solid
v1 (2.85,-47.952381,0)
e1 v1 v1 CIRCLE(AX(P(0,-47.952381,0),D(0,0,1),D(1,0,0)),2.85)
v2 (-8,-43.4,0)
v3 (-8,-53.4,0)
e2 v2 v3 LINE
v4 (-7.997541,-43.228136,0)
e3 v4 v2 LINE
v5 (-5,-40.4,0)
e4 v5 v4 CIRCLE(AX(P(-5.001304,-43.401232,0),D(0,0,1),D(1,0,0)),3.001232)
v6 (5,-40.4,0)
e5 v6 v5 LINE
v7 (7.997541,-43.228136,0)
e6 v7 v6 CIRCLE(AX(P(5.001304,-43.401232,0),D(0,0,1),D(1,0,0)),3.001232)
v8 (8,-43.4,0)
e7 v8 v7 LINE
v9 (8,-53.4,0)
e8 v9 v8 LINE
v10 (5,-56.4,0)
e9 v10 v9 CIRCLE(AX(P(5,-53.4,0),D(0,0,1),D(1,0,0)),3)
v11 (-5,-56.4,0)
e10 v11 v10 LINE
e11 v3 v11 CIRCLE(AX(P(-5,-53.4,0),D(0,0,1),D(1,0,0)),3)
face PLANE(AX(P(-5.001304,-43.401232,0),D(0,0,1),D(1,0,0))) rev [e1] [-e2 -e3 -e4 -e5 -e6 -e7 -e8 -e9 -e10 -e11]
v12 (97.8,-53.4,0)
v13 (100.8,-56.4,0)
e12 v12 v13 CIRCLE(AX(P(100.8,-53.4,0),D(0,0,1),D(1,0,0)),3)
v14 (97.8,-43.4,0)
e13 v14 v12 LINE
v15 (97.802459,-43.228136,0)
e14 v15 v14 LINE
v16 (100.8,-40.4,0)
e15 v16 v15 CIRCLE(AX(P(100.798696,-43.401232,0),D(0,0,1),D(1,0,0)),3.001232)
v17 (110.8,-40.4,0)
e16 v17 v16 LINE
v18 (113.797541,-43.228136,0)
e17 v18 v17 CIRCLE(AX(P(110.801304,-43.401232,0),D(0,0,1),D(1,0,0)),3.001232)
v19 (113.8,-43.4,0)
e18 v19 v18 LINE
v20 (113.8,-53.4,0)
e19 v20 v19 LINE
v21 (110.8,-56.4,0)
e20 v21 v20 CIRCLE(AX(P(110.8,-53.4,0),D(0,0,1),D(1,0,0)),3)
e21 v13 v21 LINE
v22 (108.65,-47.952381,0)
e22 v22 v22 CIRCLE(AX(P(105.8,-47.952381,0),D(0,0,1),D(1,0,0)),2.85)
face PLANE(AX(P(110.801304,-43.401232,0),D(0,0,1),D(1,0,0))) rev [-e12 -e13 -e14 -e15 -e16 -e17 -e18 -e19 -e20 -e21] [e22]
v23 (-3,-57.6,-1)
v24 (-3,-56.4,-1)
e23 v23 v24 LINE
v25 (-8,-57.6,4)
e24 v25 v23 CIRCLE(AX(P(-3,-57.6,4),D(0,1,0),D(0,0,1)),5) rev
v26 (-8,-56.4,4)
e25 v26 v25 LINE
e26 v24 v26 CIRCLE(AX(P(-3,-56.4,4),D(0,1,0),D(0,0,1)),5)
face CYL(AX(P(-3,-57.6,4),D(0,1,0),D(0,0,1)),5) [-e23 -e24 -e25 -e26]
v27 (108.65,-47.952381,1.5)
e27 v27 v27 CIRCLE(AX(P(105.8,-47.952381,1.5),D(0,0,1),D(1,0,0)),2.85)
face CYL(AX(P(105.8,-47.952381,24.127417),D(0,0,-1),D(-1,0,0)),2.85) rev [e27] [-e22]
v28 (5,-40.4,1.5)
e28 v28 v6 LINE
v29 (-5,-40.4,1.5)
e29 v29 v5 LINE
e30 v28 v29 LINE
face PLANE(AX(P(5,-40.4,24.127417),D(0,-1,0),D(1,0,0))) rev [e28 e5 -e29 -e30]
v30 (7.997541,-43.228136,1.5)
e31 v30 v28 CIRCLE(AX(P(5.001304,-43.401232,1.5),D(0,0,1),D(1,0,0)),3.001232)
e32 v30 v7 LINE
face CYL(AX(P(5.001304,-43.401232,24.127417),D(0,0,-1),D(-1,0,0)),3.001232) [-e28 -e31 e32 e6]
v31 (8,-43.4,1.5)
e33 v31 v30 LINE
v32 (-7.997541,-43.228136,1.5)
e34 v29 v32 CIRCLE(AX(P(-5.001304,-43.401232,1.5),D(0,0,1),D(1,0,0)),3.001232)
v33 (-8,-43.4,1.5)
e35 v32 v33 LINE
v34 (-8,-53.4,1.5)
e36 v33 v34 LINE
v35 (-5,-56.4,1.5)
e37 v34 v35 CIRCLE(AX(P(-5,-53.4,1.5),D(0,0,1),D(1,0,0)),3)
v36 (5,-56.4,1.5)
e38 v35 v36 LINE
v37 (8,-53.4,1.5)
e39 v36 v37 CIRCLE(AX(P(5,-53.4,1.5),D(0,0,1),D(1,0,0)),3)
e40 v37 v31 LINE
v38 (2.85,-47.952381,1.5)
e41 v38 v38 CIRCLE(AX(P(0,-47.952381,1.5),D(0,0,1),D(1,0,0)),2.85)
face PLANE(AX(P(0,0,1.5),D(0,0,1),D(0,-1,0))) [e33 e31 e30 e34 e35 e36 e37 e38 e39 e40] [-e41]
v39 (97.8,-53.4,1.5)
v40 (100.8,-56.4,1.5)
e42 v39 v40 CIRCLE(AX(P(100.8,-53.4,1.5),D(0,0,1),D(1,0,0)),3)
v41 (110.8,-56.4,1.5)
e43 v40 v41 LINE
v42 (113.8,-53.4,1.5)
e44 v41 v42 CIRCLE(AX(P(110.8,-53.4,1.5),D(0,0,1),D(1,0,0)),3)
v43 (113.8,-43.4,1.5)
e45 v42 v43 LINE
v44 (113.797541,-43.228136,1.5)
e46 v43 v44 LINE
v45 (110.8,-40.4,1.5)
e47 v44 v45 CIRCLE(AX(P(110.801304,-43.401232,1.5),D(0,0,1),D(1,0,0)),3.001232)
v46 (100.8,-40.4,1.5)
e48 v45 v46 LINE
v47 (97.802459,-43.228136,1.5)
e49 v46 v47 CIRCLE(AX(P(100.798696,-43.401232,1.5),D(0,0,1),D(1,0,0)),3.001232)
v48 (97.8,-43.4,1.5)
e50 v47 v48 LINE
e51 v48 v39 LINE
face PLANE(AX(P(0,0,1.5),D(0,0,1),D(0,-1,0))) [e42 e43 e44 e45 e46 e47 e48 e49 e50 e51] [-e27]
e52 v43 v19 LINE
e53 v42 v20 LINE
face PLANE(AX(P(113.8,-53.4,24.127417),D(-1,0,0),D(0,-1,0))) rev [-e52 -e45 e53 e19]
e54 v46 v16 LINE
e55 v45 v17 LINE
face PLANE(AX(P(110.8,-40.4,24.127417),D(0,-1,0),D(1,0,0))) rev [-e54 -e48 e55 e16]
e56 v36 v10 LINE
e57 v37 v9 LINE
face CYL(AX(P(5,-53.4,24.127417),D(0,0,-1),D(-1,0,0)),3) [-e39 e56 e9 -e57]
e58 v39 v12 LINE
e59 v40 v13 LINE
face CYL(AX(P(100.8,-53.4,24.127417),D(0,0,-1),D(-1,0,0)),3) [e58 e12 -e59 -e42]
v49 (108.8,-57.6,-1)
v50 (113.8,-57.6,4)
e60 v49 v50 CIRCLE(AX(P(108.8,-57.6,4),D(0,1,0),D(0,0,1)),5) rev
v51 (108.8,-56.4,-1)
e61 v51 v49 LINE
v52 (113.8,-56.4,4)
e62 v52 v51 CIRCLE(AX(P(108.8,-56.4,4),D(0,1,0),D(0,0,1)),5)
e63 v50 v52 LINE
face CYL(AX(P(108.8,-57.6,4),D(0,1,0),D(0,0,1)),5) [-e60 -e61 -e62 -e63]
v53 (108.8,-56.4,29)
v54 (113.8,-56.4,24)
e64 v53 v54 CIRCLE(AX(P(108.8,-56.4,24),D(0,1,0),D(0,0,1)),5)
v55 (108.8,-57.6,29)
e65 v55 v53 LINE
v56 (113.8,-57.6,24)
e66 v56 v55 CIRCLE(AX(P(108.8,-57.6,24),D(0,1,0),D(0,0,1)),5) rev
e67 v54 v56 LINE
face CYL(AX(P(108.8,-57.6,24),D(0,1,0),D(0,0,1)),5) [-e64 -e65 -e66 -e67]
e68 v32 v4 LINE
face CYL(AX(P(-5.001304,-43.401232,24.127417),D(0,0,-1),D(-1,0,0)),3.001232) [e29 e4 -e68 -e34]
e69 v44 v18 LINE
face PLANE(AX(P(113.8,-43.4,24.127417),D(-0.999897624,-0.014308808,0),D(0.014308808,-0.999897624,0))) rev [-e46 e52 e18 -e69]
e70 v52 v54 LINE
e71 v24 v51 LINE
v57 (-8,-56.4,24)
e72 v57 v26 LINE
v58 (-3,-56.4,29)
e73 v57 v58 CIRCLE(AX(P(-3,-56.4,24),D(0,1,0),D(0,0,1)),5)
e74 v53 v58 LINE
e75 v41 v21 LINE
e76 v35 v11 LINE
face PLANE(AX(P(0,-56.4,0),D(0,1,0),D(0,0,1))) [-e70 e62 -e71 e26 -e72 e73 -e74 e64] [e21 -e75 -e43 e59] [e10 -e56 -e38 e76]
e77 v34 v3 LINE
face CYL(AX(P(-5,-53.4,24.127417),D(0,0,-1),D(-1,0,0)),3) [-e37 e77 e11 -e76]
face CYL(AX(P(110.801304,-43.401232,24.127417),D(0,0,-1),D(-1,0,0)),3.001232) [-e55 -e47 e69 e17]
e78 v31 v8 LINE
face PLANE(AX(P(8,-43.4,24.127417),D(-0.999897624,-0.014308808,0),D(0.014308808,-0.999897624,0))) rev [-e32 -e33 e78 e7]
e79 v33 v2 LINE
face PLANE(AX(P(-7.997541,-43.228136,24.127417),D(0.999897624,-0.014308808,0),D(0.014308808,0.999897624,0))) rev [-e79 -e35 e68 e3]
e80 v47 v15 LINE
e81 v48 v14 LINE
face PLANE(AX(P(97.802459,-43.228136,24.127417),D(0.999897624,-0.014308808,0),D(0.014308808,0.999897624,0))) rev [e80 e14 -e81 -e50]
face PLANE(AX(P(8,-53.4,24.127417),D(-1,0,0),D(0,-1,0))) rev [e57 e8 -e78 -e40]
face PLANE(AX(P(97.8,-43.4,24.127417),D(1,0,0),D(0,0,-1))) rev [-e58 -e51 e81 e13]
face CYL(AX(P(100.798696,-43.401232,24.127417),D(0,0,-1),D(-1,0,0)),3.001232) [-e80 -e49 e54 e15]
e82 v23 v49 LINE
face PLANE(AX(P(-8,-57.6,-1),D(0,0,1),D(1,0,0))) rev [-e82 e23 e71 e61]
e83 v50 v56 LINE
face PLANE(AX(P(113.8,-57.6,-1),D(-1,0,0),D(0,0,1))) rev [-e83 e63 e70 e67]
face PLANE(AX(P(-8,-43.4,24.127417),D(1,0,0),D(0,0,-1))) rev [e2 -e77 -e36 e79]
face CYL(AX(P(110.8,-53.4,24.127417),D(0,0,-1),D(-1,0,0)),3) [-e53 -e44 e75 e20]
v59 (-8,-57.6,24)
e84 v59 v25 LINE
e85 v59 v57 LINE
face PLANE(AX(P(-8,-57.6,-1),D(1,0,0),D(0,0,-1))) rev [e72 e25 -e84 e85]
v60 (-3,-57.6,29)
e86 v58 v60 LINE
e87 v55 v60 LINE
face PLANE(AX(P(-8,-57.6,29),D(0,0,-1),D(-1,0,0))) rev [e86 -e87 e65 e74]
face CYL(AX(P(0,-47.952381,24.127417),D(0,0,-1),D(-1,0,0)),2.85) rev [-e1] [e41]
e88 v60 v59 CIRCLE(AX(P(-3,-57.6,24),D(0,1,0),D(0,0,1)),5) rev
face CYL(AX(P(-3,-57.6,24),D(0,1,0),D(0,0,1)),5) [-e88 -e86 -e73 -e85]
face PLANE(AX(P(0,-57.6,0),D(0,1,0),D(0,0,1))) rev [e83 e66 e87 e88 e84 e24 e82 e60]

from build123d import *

# Parameters (mm, degrees)
SKETCH3_R             = 2.85
BOSS_EXTRUDE3_DEPTH   = 1.5
BOSS_EXTRUDE3_2_DEPTH = 1.5
SKETCH2_W             = 121.8
SKETCH2_H             = 30
BOSS_EXTRUDE2_DEPTH   = 1.2
FILLET1_R             = 5


with BuildPart() as part:
    # Sketch3 → Boss-Extrude3 (new body)
    with BuildSketch(Plane.XY):
        with BuildLine():
            Line((-7.997540574, -43.228135601), (-8, -43.4))
            Line((-8, -43.4), (-8, -53.4))
            ThreePointArc((-8, -53.4), (-7.121320344, -55.521320344), (-5, -56.4))
            Line((-5, -56.4), (5, -56.4))
            ThreePointArc((5, -56.4), (7.121320344, -55.521320344), (8, -53.4))
            Line((8, -53.4), (8, -43.4))
            Line((8, -43.4), (7.997540574, -43.228135601))
            ThreePointArc((7.997540574, -43.228135601), (7.060914023, -41.218251724), (5, -40.4))
            Line((5, -40.4), (-5, -40.4))
            ThreePointArc((-5, -40.4), (-7.060914023, -41.218251724), (-7.997540574, -43.228135601))
        make_face()
        with Locations((0, -47.952381154)):
            Circle(SKETCH3_R, mode=Mode.SUBTRACT)
    extrude(amount=BOSS_EXTRUDE3_DEPTH)



with BuildPart() as body_2:
    # Sketch3 → Boss-Extrude3 2 (new body)
    with BuildSketch(Plane.XY):
        with BuildLine():
            Line((110.8, -40.4), (100.8, -40.4))
            ThreePointArc((100.8, -40.4), (98.739085977, -41.218251724), (97.802459426, -43.228135601))
            Line((97.802459426, -43.228135601), (97.8, -43.4))
            Line((97.8, -43.4), (97.8, -53.4))
            ThreePointArc((97.8, -53.4), (98.678679656, -55.521320344), (100.8, -56.4))
            Line((100.8, -56.4), (110.8, -56.4))
            ThreePointArc((110.8, -56.4), (112.921320344, -55.521320344), (113.8, -53.4))
            Line((113.8, -53.4), (113.8, -43.4))
            Line((113.8, -43.4), (113.797540574, -43.228135601))
            ThreePointArc((113.797540574, -43.228135601), (112.860914023, -41.218251724), (110.8, -40.4))
        make_face()
        with Locations((105.8, -47.952381154)):
            Circle(SKETCH3_R, mode=Mode.SUBTRACT)
    extrude(amount=BOSS_EXTRUDE3_2_DEPTH)


with BuildPart() as part_1:
    add(part.part)

    add(body_2.part)  # Boss-Extrude2 merges body 2
    # Sketch2 → Boss-Extrude2 (add)
    with BuildSketch(Plane.XZ.offset(56.4)):
        with Locations((52.9, 14)):
            Rectangle(SKETCH2_W, SKETCH2_H)
    extrude(amount=BOSS_EXTRUDE2_DEPTH)

    # Fillet1
    fillet1_edges = [part_1.edges().sort_by_distance(p)[0] for p in [
        (-8, -57, 29),
        (-8, -57, -1),
        (113.8, -57, -1),
        (113.8, -57, 29),
    ]]
    fillet(fillet1_edges, radius=FILLET1_R)


solid = part_1.part
